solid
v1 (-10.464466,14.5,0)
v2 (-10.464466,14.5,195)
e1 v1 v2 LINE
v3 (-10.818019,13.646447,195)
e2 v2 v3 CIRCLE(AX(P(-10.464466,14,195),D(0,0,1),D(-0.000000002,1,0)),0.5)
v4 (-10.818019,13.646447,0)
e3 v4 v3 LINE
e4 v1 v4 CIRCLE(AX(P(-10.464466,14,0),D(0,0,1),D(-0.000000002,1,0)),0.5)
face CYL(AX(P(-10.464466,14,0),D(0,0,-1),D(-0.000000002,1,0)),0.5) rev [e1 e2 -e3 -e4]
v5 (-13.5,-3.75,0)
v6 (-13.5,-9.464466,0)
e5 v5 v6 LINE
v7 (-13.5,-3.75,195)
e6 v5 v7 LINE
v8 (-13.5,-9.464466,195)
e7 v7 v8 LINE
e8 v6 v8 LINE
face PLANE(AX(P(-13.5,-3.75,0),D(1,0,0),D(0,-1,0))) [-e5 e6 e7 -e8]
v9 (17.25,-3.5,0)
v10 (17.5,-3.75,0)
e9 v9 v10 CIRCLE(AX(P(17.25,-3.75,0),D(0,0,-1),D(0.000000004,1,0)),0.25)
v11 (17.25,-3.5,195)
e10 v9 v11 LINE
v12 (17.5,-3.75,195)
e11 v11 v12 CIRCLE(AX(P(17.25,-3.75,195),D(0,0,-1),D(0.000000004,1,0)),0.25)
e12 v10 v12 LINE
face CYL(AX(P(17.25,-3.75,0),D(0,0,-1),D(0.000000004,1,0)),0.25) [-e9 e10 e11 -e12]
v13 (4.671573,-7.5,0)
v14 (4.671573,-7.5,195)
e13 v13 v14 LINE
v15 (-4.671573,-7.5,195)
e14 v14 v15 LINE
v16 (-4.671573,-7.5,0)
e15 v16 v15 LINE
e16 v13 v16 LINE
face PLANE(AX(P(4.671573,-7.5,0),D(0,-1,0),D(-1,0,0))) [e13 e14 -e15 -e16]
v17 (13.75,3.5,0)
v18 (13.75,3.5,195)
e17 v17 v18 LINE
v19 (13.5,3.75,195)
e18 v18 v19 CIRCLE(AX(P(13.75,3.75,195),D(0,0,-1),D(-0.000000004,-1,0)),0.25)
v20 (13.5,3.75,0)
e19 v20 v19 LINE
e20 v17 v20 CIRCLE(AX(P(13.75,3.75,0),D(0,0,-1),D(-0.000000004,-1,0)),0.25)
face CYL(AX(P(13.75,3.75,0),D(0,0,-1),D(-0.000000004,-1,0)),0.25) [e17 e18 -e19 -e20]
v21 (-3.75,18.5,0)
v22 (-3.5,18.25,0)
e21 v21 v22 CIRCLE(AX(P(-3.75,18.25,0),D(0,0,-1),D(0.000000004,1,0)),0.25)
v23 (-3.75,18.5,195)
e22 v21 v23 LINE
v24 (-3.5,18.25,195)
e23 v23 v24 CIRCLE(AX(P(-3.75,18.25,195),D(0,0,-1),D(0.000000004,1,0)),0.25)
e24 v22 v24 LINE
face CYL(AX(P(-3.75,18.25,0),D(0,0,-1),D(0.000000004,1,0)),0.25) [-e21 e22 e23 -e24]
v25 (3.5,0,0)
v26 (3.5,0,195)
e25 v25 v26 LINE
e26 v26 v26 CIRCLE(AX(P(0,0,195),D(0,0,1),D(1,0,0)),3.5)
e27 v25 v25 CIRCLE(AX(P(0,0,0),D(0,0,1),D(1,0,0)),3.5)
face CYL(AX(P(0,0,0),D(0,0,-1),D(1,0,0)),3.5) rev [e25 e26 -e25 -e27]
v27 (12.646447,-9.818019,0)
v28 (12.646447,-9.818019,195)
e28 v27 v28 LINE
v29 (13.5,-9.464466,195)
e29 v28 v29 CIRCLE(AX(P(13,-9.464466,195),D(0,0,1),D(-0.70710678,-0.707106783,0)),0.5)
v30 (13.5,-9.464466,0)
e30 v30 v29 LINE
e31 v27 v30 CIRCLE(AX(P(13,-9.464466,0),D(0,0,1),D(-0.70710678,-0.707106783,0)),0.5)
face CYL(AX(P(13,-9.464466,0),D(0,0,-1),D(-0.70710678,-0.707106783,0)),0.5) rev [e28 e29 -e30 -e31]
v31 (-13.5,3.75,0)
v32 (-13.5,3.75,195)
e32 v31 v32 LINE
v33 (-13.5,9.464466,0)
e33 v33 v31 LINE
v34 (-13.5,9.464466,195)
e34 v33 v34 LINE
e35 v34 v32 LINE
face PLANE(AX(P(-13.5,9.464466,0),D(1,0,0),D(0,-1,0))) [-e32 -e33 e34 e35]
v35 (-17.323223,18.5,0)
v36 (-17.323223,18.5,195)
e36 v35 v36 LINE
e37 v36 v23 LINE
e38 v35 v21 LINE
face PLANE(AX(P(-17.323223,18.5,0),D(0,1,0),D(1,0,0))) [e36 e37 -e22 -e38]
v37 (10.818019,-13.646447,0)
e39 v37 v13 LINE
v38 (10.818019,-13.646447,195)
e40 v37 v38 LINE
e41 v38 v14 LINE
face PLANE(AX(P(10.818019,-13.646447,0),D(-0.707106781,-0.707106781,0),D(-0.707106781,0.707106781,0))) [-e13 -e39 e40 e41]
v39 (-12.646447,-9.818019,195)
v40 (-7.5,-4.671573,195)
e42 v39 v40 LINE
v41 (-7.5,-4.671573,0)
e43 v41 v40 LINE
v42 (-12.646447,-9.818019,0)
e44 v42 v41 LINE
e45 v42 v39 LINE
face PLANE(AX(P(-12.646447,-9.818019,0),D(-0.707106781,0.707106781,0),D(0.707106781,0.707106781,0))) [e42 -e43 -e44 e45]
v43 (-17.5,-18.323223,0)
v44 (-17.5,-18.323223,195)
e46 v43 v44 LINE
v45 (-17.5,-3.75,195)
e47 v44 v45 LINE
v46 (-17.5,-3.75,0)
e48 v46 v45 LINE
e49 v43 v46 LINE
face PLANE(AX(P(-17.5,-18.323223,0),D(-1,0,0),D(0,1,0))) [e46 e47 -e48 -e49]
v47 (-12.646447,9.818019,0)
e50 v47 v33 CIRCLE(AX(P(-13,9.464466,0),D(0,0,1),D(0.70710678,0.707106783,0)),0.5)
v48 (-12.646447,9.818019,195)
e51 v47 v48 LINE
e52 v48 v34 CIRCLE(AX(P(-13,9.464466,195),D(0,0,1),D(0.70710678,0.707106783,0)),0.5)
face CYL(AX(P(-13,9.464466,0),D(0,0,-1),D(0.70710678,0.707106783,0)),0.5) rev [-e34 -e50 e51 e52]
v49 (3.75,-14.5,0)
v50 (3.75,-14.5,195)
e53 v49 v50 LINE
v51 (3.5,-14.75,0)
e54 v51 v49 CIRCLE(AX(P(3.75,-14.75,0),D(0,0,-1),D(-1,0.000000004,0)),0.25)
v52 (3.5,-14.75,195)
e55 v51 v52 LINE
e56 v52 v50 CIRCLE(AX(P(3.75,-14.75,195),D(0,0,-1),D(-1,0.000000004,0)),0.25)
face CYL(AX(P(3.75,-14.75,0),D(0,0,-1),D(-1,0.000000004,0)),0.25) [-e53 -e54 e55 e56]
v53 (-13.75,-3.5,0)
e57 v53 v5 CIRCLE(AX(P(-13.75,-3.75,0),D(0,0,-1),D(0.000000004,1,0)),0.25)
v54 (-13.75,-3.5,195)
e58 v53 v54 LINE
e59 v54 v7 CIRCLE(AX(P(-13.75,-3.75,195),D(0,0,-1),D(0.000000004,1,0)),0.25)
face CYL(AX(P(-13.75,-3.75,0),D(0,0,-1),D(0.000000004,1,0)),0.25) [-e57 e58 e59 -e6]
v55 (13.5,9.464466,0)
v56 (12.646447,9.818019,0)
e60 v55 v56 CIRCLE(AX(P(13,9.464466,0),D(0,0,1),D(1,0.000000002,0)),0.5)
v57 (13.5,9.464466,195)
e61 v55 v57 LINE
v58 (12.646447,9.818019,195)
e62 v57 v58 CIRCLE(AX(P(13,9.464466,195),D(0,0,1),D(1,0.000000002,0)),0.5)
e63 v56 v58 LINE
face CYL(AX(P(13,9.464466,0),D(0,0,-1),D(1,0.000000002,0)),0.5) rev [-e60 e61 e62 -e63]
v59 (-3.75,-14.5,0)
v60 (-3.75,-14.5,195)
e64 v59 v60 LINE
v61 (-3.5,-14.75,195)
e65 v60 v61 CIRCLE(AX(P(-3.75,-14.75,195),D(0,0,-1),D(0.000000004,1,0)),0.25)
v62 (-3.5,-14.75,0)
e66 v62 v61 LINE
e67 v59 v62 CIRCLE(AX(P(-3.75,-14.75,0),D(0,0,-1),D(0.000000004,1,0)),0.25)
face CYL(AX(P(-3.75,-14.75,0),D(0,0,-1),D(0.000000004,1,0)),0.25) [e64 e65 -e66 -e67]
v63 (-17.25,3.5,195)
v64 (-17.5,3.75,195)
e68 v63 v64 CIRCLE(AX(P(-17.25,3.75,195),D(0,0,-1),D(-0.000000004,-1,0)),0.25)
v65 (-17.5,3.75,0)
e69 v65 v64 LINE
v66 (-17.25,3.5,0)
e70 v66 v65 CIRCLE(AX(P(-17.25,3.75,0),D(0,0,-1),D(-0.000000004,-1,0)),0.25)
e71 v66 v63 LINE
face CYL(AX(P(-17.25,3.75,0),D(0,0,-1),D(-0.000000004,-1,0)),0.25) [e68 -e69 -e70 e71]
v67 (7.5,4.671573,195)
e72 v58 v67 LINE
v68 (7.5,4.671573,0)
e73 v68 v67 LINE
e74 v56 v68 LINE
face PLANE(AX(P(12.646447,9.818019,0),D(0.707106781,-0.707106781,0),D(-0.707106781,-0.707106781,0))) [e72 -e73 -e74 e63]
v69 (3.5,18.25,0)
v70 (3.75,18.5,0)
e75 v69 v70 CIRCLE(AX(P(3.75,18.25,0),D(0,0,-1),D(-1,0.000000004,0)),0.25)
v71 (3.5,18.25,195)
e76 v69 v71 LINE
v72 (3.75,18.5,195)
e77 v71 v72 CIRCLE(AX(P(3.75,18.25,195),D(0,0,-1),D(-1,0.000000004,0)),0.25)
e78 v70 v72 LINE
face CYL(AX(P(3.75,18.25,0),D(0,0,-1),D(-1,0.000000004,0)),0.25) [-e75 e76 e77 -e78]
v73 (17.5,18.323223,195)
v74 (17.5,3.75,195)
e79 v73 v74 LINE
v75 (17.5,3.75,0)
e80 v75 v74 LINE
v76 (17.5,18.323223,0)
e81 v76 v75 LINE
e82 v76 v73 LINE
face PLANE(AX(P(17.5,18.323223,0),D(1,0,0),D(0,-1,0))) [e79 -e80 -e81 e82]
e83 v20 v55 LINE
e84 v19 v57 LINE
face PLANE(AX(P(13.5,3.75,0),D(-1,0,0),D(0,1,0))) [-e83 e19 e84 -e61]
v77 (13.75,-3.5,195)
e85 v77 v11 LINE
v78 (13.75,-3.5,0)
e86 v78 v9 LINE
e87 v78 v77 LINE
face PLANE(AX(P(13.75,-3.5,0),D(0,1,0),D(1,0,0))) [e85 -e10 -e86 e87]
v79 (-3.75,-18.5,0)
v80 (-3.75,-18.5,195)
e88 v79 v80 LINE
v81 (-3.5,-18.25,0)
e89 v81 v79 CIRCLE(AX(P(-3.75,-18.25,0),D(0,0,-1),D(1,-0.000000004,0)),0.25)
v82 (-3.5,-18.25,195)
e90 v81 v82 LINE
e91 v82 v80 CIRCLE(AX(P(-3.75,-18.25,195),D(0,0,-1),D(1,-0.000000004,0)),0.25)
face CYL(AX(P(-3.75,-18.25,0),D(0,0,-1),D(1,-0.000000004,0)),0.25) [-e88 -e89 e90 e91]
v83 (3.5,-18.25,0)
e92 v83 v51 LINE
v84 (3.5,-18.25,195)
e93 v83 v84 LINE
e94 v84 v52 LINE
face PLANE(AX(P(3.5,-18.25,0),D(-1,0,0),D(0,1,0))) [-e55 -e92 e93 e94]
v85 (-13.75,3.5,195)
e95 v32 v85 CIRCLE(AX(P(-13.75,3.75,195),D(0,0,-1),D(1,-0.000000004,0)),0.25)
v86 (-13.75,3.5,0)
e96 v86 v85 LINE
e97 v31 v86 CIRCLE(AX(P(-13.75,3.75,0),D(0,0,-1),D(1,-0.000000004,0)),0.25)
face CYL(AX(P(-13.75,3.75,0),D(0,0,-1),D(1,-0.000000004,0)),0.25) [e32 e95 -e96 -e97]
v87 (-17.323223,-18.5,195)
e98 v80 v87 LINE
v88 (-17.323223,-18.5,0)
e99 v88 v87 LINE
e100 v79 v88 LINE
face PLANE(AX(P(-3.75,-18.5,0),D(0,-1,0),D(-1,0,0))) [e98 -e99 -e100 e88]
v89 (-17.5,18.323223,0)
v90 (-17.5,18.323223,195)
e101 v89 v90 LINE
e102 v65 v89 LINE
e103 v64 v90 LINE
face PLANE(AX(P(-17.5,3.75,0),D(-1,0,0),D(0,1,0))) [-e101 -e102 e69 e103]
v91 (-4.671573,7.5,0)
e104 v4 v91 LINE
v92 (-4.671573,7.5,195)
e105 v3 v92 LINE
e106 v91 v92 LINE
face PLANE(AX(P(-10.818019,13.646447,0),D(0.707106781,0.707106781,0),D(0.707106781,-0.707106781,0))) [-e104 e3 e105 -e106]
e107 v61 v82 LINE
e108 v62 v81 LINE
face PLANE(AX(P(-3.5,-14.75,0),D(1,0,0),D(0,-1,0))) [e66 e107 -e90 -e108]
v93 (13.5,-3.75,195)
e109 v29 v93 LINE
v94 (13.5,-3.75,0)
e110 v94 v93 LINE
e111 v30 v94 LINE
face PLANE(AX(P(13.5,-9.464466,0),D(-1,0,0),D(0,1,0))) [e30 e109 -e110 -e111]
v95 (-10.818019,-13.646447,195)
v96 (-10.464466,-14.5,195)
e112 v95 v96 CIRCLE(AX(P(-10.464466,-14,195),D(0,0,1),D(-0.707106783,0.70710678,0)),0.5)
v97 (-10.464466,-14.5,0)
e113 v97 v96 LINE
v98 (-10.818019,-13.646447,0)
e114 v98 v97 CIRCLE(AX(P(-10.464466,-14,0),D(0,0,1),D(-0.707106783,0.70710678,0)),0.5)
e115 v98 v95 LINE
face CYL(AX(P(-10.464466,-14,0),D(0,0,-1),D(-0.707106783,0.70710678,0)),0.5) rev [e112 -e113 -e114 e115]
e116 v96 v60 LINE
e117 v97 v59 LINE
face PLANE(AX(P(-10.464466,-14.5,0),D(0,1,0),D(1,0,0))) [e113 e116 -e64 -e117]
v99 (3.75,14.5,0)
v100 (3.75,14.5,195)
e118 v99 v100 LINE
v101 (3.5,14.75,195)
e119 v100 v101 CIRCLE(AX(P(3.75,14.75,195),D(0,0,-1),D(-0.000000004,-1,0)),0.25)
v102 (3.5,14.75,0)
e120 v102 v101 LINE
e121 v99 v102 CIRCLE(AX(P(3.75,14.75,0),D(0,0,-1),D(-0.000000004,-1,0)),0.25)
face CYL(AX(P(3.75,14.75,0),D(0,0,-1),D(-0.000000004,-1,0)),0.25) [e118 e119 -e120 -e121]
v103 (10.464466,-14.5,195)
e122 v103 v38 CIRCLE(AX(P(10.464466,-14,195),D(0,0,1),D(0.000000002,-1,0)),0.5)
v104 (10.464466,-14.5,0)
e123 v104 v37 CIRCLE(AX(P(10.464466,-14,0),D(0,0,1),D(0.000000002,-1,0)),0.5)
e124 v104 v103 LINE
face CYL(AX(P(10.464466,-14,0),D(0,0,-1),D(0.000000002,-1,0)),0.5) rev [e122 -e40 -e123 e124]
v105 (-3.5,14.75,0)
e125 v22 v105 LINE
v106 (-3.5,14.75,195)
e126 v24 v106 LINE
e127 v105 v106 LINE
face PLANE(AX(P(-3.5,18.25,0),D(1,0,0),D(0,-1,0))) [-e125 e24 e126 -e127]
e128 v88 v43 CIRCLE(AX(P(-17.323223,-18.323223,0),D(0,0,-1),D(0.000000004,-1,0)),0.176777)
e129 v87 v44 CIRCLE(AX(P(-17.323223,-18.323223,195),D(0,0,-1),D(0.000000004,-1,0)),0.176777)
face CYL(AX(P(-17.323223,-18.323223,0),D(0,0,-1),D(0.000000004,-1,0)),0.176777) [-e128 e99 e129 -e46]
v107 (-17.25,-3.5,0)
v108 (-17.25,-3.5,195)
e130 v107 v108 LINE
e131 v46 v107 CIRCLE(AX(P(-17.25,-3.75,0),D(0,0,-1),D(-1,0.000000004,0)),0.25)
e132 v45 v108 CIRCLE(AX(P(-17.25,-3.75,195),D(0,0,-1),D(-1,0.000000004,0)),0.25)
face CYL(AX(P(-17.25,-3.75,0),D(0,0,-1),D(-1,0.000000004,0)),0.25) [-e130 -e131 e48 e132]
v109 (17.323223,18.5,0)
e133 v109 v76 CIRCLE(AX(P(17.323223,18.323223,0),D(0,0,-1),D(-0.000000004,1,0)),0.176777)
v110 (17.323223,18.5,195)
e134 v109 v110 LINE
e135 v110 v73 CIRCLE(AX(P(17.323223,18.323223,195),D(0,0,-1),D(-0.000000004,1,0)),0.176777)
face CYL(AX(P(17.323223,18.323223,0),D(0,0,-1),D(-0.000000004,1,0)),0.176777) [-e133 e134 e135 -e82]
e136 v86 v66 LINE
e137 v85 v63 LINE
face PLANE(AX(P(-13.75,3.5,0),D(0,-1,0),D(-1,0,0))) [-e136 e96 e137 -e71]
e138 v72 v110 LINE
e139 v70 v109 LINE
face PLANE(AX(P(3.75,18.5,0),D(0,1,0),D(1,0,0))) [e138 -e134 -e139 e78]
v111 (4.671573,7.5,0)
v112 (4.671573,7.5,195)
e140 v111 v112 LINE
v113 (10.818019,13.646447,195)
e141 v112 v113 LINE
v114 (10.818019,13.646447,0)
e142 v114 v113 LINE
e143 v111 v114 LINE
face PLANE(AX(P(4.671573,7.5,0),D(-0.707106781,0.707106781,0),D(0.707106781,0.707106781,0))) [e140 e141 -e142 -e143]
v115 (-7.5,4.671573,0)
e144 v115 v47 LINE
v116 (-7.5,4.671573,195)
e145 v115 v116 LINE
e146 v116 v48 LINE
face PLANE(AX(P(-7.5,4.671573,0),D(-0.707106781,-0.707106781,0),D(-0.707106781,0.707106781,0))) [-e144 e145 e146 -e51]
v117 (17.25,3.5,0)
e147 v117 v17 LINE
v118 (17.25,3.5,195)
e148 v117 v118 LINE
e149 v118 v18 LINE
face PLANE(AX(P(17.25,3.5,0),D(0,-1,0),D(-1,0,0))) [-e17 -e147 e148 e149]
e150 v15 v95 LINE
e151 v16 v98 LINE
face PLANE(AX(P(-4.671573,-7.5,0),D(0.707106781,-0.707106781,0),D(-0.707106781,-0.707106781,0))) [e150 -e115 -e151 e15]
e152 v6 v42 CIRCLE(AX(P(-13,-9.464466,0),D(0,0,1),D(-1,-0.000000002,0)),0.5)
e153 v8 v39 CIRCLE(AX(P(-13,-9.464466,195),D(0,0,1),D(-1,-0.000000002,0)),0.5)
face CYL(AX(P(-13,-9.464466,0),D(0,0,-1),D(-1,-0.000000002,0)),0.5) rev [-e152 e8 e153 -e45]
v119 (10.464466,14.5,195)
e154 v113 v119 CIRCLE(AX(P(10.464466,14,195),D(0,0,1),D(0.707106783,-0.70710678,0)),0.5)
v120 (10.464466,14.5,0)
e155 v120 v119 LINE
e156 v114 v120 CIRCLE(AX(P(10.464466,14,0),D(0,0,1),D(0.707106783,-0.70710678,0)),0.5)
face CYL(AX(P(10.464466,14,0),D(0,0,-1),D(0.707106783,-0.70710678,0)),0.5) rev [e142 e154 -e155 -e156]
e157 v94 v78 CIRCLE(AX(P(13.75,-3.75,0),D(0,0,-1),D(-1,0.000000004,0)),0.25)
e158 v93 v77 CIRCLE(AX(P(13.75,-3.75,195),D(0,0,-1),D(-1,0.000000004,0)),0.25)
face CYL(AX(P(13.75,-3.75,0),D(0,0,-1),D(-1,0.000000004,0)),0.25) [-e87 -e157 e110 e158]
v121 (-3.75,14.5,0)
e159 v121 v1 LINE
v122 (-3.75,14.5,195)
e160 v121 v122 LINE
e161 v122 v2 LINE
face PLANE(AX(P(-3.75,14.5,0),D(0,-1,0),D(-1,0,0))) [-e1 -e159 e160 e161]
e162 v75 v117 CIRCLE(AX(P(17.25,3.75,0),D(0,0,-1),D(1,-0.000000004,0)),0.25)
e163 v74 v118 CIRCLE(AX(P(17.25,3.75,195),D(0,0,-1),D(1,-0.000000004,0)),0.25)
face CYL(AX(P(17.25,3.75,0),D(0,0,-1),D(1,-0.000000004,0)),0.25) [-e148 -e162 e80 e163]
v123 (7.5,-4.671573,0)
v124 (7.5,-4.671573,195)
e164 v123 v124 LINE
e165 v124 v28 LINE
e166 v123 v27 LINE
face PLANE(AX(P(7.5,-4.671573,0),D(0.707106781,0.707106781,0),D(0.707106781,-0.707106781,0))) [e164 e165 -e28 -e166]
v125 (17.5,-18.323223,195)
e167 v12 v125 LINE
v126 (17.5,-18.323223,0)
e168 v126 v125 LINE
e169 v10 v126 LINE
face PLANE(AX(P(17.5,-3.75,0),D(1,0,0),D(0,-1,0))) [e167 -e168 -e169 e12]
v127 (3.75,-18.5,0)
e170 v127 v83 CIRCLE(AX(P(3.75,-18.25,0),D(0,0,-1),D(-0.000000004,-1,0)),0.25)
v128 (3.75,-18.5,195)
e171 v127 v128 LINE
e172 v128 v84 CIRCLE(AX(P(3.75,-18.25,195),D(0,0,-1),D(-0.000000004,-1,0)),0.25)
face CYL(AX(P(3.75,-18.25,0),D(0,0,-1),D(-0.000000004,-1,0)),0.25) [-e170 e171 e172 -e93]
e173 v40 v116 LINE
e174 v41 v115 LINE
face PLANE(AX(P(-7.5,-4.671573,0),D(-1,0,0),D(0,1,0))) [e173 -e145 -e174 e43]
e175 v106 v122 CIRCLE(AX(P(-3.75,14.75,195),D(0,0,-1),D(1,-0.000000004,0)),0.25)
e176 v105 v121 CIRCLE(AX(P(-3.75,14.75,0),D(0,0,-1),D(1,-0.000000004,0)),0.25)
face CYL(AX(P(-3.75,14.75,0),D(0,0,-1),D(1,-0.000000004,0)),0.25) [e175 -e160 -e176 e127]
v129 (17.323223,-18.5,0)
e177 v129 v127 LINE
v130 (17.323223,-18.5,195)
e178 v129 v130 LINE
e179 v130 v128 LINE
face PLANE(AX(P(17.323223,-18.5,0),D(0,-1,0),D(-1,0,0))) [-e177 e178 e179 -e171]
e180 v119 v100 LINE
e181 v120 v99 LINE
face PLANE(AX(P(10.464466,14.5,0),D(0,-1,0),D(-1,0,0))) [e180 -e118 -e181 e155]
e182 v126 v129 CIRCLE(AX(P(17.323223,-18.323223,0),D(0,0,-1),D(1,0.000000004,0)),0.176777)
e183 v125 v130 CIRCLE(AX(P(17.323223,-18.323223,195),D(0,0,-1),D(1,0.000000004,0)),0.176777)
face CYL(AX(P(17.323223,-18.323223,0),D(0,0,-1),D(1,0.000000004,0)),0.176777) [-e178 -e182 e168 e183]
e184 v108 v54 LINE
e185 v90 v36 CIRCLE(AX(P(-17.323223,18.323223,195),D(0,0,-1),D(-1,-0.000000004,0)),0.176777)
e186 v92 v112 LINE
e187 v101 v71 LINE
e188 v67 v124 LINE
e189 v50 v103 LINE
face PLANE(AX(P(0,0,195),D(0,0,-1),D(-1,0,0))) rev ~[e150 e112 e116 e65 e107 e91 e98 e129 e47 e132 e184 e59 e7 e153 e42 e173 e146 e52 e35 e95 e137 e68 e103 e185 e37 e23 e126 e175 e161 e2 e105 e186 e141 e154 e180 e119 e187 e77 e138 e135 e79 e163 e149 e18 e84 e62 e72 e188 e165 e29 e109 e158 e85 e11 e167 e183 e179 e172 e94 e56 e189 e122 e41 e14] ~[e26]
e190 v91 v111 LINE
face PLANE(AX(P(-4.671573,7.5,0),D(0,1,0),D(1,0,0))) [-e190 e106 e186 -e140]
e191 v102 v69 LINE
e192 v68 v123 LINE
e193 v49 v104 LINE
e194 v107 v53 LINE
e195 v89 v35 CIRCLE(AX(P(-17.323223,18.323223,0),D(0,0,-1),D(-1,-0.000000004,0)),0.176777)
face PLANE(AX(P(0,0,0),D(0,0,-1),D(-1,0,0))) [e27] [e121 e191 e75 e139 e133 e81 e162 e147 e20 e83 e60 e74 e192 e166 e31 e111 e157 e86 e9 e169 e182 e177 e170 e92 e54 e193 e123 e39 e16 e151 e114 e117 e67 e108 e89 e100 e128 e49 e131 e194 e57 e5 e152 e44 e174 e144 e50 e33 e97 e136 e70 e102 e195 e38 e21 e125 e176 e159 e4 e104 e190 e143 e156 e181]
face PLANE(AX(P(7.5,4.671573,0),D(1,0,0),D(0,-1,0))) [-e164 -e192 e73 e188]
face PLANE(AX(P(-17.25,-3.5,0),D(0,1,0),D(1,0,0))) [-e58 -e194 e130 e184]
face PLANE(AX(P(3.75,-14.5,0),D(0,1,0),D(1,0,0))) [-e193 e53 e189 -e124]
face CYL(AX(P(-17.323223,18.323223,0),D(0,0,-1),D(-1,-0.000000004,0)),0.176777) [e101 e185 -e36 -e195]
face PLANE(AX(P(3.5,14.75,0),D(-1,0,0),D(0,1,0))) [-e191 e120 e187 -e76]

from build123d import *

# Parameters (mm, degrees)
SKETCH1_R           = 3.5
BOSS_EXTRUDE1_DEPTH = 195


with BuildPart() as part:
    # Sketch1 → Boss-Extrude1 (new body)
    with BuildSketch(Plane.XY):
        with BuildLine():
            Line((-7.5, -4.671572875), (-7.5, 4.671572875))
            Line((-7.5, 4.671572875), (-12.646446609, 9.818019485))
            ThreePointArc((-12.646446609, 9.818019485), (-13.191341716, 9.92640586), (-13.5, 9.464466094))
            Line((-13.5, 9.464466094), (-13.5, 3.75))
            ThreePointArc((-13.5, 3.75), (-13.573223305, 3.573223305), (-13.75, 3.5))
            Line((-13.75, 3.5), (-17.25, 3.5))
            ThreePointArc((-17.25, 3.5), (-17.426776695, 3.573223305), (-17.5, 3.75))
            Line((-17.5, 3.75), (-17.5, 18.323223305))
            ThreePointArc((-17.5, 18.323223305), (-17.448223305, 18.448223305), (-17.323223305, 18.5))
            Line((-17.323223305, 18.5), (-3.75, 18.5))
            ThreePointArc((-3.75, 18.5), (-3.573223305, 18.426776695), (-3.5, 18.25))
            Line((-3.5, 18.25), (-3.5, 14.75))
            ThreePointArc((-3.5, 14.75), (-3.573223305, 14.573223305), (-3.75, 14.5))
            Line((-3.75, 14.5), (-10.464466094, 14.5))
            ThreePointArc((-10.464466094, 14.5), (-10.92640586, 14.191341716), (-10.818019485, 13.646446609))
            Line((-10.818019485, 13.646446609), (-4.671572875, 7.5))
            Line((-4.671572875, 7.5), (4.671572875, 7.5))
            Line((4.671572875, 7.5), (10.818019485, 13.646446609))
            ThreePointArc((10.818019485, 13.646446609), (10.92640586, 14.191341716), (10.464466094, 14.5))
            Line((10.464466094, 14.5), (3.75, 14.5))
            ThreePointArc((3.75, 14.5), (3.573223305, 14.573223305), (3.5, 14.75))
            Line((3.5, 14.75), (3.5, 18.25))
            ThreePointArc((3.5, 18.25), (3.573223305, 18.426776695), (3.75, 18.5))
            Line((3.75, 18.5), (17.323223305, 18.5))
            ThreePointArc((17.323223305, 18.5), (17.448223305, 18.448223305), (17.5, 18.323223305))
            Line((17.5, 18.323223305), (17.5, 3.75))
            ThreePointArc((17.5, 3.75), (17.426776695, 3.573223305), (17.25, 3.5))
            Line((17.25, 3.5), (13.75, 3.5))
            ThreePointArc((13.75, 3.5), (13.573223305, 3.573223305), (13.5, 3.75))
            Line((13.5, 3.75), (13.5, 9.464466094))
            ThreePointArc((13.5, 9.464466094), (13.191341716, 9.92640586), (12.646446609, 9.818019485))
            Line((12.646446609, 9.818019485), (7.5, 4.671572875))
            Line((7.5, 4.671572875), (7.5, -4.671572875))
            Line((7.5, -4.671572875), (12.646446609, -9.818019485))
            ThreePointArc((12.646446609, -9.818019485), (13.191341716, -9.92640586), (13.5, -9.464466094))
            Line((13.5, -9.464466094), (13.5, -3.75))
            ThreePointArc((13.5, -3.75), (13.573223305, -3.573223305), (13.75, -3.5))
            Line((13.75, -3.5), (17.25, -3.5))
            ThreePointArc((17.25, -3.5), (17.426776695, -3.573223305), (17.5, -3.75))
            Line((17.5, -3.75), (17.5, -18.323223305))
            ThreePointArc((17.5, -18.323223305), (17.448223305, -18.448223305), (17.323223305, -18.5))
            Line((17.323223305, -18.5), (3.75, -18.5))
            ThreePointArc((3.75, -18.5), (3.573223305, -18.426776695), (3.5, -18.25))
            Line((3.5, -18.25), (3.5, -14.75))
            ThreePointArc((3.5, -14.75), (3.573223305, -14.573223305), (3.75, -14.5))
            Line((3.75, -14.5), (10.464466094, -14.5))
            ThreePointArc((10.464466094, -14.5), (10.92640586, -14.191341716), (10.818019485, -13.646446609))
            Line((10.818019485, -13.646446609), (4.671572875, -7.5))
            Line((4.671572875, -7.5), (-4.671572875, -7.5))
            Line((-4.671572875, -7.5), (-10.818019485, -13.646446609))
            ThreePointArc((-10.818019485, -13.646446609), (-10.92640586, -14.191341716), (-10.464466094, -14.5))
            Line((-10.464466094, -14.5), (-3.75, -14.5))
            ThreePointArc((-3.75, -14.5), (-3.573223305, -14.573223305), (-3.5, -14.75))
            Line((-3.5, -14.75), (-3.5, -18.25))
            ThreePointArc((-3.5, -18.25), (-3.573223305, -18.426776695), (-3.75, -18.5))
            Line((-3.75, -18.5), (-17.323223305, -18.5))
            ThreePointArc((-17.323223305, -18.5), (-17.448223305, -18.448223305), (-17.5, -18.323223305))
            Line((-17.5, -18.323223305), (-17.5, -3.75))
            ThreePointArc((-17.5, -3.75), (-17.426776695, -3.573223305), (-17.25, -3.5))
            Line((-17.25, -3.5), (-13.75, -3.5))
            ThreePointArc((-13.75, -3.5), (-13.573223305, -3.573223305), (-13.5, -3.75))
            Line((-13.5, -3.75), (-13.5, -9.464466094))
            ThreePointArc((-13.5, -9.464466094), (-13.191341716, -9.92640586), (-12.646446609, -9.818019485))
            Line((-12.646446609, -9.818019485), (-7.5, -4.671572875))
        make_face()
        Circle(SKETCH1_R, mode=Mode.SUBTRACT)
    extrude(amount=BOSS_EXTRUDE1_DEPTH)


solid = part.part
